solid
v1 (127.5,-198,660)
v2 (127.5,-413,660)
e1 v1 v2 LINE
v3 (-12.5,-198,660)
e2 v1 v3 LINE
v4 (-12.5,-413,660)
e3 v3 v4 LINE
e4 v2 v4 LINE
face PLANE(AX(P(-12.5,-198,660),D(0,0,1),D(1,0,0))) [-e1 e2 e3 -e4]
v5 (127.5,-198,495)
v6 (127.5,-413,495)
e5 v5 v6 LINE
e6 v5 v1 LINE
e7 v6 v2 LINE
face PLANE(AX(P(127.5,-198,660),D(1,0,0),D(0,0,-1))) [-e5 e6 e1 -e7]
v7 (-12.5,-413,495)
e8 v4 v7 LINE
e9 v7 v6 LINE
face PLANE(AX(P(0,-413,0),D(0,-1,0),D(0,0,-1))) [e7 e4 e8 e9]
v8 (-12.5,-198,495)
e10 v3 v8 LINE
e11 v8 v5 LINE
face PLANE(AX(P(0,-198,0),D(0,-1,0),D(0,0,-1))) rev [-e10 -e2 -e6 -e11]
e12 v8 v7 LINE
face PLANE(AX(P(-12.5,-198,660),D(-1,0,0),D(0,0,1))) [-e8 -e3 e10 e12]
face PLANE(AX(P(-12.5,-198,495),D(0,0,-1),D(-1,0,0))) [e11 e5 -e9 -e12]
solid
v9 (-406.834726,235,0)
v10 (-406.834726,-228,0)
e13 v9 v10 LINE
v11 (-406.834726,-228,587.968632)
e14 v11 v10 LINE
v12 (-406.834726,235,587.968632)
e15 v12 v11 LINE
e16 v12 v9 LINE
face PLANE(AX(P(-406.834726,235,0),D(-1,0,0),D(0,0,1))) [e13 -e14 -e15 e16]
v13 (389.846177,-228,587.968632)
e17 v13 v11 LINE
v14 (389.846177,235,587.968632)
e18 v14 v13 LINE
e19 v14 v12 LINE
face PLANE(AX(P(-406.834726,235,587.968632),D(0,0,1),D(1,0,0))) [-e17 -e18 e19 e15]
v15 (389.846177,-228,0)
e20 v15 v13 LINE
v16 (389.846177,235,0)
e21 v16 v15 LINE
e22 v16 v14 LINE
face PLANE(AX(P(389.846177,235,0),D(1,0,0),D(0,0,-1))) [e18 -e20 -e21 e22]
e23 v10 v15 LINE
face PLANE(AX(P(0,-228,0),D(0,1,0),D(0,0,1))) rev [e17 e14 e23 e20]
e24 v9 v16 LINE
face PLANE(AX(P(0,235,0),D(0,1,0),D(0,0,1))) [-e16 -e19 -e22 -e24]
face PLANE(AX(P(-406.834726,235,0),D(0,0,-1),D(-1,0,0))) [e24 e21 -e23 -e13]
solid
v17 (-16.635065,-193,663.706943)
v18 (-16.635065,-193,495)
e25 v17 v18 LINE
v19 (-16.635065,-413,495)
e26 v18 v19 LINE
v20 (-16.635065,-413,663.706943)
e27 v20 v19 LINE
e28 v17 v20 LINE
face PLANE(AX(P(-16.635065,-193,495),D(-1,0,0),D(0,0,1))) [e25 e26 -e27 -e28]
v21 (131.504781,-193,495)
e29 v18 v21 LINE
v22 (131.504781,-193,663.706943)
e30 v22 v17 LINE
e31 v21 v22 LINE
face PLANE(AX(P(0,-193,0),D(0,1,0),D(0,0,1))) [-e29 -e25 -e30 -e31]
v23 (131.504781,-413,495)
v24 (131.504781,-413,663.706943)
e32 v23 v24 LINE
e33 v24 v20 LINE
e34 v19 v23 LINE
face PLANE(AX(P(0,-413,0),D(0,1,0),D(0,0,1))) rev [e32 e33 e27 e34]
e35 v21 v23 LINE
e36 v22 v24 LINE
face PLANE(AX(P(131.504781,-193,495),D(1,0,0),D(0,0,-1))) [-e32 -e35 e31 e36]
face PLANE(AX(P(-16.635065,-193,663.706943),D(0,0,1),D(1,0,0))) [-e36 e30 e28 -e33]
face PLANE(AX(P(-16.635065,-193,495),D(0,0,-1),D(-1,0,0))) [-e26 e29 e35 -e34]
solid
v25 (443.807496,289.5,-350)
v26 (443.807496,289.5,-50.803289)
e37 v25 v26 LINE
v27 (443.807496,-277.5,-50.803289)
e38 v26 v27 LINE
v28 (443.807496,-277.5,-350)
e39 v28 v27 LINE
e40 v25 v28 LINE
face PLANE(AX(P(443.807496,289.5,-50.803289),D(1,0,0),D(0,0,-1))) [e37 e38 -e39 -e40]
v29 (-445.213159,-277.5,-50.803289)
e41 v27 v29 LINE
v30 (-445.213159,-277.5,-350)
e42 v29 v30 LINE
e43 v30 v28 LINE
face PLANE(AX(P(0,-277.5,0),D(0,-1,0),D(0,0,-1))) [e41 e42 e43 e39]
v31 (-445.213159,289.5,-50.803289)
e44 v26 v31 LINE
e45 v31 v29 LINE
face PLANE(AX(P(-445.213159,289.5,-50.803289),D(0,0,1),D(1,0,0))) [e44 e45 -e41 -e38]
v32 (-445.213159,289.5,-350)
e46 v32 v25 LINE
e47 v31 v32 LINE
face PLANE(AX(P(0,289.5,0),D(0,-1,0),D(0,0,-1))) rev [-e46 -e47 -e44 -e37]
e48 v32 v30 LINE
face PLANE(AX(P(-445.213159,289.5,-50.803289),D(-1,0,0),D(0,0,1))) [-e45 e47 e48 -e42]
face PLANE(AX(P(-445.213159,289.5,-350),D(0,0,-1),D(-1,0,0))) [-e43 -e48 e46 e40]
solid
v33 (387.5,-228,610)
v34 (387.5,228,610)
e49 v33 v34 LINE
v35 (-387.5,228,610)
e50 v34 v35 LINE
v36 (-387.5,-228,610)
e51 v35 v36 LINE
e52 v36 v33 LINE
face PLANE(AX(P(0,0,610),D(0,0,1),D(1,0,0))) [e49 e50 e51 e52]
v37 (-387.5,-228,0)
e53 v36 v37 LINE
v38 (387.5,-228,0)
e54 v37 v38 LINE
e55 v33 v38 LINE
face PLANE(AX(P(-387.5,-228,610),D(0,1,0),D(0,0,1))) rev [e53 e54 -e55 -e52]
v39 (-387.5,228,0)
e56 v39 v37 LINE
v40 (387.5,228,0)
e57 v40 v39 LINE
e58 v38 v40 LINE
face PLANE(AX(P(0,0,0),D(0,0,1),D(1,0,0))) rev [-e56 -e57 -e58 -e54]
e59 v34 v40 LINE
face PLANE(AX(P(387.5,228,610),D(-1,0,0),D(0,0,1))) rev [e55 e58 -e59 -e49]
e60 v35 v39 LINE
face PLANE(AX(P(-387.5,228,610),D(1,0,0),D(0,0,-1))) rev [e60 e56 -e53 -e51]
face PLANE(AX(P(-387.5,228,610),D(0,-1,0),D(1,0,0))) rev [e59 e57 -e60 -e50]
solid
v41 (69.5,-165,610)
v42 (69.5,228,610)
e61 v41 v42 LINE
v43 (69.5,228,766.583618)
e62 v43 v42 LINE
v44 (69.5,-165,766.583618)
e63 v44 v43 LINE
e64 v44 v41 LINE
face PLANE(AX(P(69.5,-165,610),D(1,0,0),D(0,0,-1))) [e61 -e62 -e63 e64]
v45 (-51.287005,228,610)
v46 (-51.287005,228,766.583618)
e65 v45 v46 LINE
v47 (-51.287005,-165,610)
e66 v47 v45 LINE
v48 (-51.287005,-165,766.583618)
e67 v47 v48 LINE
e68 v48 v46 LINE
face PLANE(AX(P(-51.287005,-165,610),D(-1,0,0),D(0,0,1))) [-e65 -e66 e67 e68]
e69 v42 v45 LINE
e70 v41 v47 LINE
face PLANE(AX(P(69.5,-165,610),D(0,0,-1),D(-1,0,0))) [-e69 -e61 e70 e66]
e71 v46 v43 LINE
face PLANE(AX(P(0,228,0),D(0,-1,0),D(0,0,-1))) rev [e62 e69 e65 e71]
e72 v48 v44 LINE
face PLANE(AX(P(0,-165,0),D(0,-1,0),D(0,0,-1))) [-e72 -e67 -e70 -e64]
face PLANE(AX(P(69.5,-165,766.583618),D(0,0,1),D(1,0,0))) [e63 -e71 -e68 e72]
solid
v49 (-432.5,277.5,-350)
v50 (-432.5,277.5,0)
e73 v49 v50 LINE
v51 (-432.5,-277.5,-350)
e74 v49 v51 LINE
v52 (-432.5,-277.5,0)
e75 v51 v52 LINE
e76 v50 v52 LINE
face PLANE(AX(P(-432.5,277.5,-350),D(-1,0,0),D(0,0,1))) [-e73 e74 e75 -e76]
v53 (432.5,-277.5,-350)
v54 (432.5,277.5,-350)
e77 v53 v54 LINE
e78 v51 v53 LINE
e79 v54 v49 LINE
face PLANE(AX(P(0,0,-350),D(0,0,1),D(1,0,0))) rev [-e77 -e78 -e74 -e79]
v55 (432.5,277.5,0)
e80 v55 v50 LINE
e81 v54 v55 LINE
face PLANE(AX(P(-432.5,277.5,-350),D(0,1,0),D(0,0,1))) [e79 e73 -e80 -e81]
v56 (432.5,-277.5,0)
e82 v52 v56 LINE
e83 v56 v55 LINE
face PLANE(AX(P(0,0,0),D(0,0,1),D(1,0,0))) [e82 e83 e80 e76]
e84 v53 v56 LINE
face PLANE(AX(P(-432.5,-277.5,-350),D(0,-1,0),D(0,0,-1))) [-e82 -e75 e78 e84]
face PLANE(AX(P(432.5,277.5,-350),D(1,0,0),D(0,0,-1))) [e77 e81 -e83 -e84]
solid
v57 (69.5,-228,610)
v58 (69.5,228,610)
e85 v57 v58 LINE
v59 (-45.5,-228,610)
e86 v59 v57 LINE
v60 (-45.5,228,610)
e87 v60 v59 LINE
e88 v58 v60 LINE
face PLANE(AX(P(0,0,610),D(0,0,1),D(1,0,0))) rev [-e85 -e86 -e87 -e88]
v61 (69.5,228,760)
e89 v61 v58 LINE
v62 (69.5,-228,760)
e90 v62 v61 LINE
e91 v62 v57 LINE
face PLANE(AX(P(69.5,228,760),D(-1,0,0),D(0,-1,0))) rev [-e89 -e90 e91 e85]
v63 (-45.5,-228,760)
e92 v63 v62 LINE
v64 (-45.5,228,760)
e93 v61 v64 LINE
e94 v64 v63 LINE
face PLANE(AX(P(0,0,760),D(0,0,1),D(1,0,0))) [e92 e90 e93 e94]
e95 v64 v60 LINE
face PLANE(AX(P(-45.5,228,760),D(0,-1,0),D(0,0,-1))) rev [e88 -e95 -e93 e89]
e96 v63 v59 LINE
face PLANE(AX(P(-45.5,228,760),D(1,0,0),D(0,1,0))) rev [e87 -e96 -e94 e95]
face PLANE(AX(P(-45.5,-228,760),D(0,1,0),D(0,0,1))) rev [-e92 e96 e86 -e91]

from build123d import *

# Parameters (mm, degrees)
SCHIZZO1_W                        = 865
SCHIZZO1_H                        = 555
ESTRUSIONE_ESTRUSIONE1_DEPTH      = 350
SCHIZZO2_W                        = 775
SCHIZZO2_H                        = 456
ESTRUSIONE_ESTRUSIONE2_DEPTH      = 610
SCHIZZO3_W                        = 115
SCHIZZO3_H                        = 456
ESTRUSIONE_ESTRUSIONE3_DEPTH      = 150
ESTRUSIONE_ESTRUSIONE4_DEPTH      = 185
ESTRUSIONE_ESTRUSIONE4_DEPTH_BACK = 30
SCHIZZO4_W                        = 140
SCHIZZO4_H                        = 165
SCHIZZO5_W                        = 889.020655165
SCHIZZO5_H                        = 299.196711451
ESTRUSIONE_ESTRUSIONE5_DEPTH      = 567
SCHIZZO6_W                        = 796.680903304
SCHIZZO6_H                        = 587.968632113
ESTRUSIONE_ESTRUSIONE6_DEPTH      = 463
SCHIZZO7_W                        = 148.139846742
SCHIZZO7_H                        = 168.706943007
ESTRUSIONE_ESTRUSIONE7_DEPTH      = 220
SCHIZZO8_W                        = 120.787004933
SCHIZZO8_H                        = 156.583617578
ESTRUSIONE_ESTRUSIONE8_DEPTH      = 393


with BuildPart() as part:
    # Schizzo1 → Estrusione-Estrusione1 (new body)
    with BuildSketch(Plane.XY):
        Rectangle(SCHIZZO1_W, SCHIZZO1_H)
    extrude(amount=-ESTRUSIONE_ESTRUSIONE1_DEPTH)


with BuildPart() as body_2:
    # Schizzo2 → Estrusione-Estrusione2 (new body)
    with BuildSketch(Plane.XY):
        Rectangle(SCHIZZO2_W, SCHIZZO2_H)
    extrude(amount=ESTRUSIONE_ESTRUSIONE2_DEPTH)


with BuildPart() as body_3:
    # Schizzo3 → Estrusione-Estrusione3 (new body)
    with BuildSketch(Plane.XY.offset(610)):
        with Locations((12, 0)):
            Rectangle(SCHIZZO3_W, SCHIZZO3_H)
    extrude(amount=ESTRUSIONE_ESTRUSIONE3_DEPTH)


with BuildPart() as body_4:
    # Schizzo4 → Estrusione-Estrusione4 (new, two sides: drawn at the far end of the back side and taken through both)
    with BuildSketch(Plane(origin=(0, -228, 0), x_dir=(-1, 0, 0), z_dir=(0, -1, 0)).offset(-ESTRUSIONE_ESTRUSIONE4_DEPTH_BACK)):
        with Locations((-57.5, -577.5)):
            Rectangle(SCHIZZO4_W, SCHIZZO4_H)
    extrude(amount=ESTRUSIONE_ESTRUSIONE4_DEPTH + ESTRUSIONE_ESTRUSIONE4_DEPTH_BACK)


with BuildPart() as body_5:
    # Schizzo5 → Estrusione-Estrusione5 (new body)
    with BuildSketch(Plane(origin=(0, -277.5, 0), x_dir=(-1, 0, 0), z_dir=(0, -1, 0))):
        with Locations((0.702831723, 200.401644275)):
            Rectangle(SCHIZZO5_W, SCHIZZO5_H)
    extrude(amount=-ESTRUSIONE_ESTRUSIONE5_DEPTH)


with BuildPart() as body_6:
    # Schizzo6 → Estrusione-Estrusione6 (new body)
    with BuildSketch(Plane(origin=(0, -228, 0), x_dir=(-1, 0, 0), z_dir=(0, -1, 0))):
        with Locations((8.494274834, -293.984316057)):
            Rectangle(SCHIZZO6_W, SCHIZZO6_H)
    extrude(amount=-ESTRUSIONE_ESTRUSIONE6_DEPTH)


with BuildPart() as body_7:
    # Schizzo7 → Estrusione-Estrusione7 (new body)
    with BuildSketch(Plane(origin=(0, -413, 0), x_dir=(-1, 0, 0), z_dir=(0, -1, 0))):
        with Locations((-57.43485811, -579.353471504)):
            Rectangle(SCHIZZO7_W, SCHIZZO7_H)
    extrude(amount=-ESTRUSIONE_ESTRUSIONE7_DEPTH)


with BuildPart() as body_8:
    # Schizzo8 → Estrusione-Estrusione8 (new body)
    with BuildSketch(Plane(origin=(0, 228, 0), x_dir=(1, 0, 0), z_dir=(0, 1, 0))):
        with Locations((9.106497533, -688.291808789)):
            Rectangle(SCHIZZO8_W, SCHIZZO8_H)
    extrude(amount=-ESTRUSIONE_ESTRUSIONE8_DEPTH)


solid = Compound([part.part, body_2.part, body_3.part, body_4.part, body_5.part, body_6.part, body_7.part, body_8.part])
